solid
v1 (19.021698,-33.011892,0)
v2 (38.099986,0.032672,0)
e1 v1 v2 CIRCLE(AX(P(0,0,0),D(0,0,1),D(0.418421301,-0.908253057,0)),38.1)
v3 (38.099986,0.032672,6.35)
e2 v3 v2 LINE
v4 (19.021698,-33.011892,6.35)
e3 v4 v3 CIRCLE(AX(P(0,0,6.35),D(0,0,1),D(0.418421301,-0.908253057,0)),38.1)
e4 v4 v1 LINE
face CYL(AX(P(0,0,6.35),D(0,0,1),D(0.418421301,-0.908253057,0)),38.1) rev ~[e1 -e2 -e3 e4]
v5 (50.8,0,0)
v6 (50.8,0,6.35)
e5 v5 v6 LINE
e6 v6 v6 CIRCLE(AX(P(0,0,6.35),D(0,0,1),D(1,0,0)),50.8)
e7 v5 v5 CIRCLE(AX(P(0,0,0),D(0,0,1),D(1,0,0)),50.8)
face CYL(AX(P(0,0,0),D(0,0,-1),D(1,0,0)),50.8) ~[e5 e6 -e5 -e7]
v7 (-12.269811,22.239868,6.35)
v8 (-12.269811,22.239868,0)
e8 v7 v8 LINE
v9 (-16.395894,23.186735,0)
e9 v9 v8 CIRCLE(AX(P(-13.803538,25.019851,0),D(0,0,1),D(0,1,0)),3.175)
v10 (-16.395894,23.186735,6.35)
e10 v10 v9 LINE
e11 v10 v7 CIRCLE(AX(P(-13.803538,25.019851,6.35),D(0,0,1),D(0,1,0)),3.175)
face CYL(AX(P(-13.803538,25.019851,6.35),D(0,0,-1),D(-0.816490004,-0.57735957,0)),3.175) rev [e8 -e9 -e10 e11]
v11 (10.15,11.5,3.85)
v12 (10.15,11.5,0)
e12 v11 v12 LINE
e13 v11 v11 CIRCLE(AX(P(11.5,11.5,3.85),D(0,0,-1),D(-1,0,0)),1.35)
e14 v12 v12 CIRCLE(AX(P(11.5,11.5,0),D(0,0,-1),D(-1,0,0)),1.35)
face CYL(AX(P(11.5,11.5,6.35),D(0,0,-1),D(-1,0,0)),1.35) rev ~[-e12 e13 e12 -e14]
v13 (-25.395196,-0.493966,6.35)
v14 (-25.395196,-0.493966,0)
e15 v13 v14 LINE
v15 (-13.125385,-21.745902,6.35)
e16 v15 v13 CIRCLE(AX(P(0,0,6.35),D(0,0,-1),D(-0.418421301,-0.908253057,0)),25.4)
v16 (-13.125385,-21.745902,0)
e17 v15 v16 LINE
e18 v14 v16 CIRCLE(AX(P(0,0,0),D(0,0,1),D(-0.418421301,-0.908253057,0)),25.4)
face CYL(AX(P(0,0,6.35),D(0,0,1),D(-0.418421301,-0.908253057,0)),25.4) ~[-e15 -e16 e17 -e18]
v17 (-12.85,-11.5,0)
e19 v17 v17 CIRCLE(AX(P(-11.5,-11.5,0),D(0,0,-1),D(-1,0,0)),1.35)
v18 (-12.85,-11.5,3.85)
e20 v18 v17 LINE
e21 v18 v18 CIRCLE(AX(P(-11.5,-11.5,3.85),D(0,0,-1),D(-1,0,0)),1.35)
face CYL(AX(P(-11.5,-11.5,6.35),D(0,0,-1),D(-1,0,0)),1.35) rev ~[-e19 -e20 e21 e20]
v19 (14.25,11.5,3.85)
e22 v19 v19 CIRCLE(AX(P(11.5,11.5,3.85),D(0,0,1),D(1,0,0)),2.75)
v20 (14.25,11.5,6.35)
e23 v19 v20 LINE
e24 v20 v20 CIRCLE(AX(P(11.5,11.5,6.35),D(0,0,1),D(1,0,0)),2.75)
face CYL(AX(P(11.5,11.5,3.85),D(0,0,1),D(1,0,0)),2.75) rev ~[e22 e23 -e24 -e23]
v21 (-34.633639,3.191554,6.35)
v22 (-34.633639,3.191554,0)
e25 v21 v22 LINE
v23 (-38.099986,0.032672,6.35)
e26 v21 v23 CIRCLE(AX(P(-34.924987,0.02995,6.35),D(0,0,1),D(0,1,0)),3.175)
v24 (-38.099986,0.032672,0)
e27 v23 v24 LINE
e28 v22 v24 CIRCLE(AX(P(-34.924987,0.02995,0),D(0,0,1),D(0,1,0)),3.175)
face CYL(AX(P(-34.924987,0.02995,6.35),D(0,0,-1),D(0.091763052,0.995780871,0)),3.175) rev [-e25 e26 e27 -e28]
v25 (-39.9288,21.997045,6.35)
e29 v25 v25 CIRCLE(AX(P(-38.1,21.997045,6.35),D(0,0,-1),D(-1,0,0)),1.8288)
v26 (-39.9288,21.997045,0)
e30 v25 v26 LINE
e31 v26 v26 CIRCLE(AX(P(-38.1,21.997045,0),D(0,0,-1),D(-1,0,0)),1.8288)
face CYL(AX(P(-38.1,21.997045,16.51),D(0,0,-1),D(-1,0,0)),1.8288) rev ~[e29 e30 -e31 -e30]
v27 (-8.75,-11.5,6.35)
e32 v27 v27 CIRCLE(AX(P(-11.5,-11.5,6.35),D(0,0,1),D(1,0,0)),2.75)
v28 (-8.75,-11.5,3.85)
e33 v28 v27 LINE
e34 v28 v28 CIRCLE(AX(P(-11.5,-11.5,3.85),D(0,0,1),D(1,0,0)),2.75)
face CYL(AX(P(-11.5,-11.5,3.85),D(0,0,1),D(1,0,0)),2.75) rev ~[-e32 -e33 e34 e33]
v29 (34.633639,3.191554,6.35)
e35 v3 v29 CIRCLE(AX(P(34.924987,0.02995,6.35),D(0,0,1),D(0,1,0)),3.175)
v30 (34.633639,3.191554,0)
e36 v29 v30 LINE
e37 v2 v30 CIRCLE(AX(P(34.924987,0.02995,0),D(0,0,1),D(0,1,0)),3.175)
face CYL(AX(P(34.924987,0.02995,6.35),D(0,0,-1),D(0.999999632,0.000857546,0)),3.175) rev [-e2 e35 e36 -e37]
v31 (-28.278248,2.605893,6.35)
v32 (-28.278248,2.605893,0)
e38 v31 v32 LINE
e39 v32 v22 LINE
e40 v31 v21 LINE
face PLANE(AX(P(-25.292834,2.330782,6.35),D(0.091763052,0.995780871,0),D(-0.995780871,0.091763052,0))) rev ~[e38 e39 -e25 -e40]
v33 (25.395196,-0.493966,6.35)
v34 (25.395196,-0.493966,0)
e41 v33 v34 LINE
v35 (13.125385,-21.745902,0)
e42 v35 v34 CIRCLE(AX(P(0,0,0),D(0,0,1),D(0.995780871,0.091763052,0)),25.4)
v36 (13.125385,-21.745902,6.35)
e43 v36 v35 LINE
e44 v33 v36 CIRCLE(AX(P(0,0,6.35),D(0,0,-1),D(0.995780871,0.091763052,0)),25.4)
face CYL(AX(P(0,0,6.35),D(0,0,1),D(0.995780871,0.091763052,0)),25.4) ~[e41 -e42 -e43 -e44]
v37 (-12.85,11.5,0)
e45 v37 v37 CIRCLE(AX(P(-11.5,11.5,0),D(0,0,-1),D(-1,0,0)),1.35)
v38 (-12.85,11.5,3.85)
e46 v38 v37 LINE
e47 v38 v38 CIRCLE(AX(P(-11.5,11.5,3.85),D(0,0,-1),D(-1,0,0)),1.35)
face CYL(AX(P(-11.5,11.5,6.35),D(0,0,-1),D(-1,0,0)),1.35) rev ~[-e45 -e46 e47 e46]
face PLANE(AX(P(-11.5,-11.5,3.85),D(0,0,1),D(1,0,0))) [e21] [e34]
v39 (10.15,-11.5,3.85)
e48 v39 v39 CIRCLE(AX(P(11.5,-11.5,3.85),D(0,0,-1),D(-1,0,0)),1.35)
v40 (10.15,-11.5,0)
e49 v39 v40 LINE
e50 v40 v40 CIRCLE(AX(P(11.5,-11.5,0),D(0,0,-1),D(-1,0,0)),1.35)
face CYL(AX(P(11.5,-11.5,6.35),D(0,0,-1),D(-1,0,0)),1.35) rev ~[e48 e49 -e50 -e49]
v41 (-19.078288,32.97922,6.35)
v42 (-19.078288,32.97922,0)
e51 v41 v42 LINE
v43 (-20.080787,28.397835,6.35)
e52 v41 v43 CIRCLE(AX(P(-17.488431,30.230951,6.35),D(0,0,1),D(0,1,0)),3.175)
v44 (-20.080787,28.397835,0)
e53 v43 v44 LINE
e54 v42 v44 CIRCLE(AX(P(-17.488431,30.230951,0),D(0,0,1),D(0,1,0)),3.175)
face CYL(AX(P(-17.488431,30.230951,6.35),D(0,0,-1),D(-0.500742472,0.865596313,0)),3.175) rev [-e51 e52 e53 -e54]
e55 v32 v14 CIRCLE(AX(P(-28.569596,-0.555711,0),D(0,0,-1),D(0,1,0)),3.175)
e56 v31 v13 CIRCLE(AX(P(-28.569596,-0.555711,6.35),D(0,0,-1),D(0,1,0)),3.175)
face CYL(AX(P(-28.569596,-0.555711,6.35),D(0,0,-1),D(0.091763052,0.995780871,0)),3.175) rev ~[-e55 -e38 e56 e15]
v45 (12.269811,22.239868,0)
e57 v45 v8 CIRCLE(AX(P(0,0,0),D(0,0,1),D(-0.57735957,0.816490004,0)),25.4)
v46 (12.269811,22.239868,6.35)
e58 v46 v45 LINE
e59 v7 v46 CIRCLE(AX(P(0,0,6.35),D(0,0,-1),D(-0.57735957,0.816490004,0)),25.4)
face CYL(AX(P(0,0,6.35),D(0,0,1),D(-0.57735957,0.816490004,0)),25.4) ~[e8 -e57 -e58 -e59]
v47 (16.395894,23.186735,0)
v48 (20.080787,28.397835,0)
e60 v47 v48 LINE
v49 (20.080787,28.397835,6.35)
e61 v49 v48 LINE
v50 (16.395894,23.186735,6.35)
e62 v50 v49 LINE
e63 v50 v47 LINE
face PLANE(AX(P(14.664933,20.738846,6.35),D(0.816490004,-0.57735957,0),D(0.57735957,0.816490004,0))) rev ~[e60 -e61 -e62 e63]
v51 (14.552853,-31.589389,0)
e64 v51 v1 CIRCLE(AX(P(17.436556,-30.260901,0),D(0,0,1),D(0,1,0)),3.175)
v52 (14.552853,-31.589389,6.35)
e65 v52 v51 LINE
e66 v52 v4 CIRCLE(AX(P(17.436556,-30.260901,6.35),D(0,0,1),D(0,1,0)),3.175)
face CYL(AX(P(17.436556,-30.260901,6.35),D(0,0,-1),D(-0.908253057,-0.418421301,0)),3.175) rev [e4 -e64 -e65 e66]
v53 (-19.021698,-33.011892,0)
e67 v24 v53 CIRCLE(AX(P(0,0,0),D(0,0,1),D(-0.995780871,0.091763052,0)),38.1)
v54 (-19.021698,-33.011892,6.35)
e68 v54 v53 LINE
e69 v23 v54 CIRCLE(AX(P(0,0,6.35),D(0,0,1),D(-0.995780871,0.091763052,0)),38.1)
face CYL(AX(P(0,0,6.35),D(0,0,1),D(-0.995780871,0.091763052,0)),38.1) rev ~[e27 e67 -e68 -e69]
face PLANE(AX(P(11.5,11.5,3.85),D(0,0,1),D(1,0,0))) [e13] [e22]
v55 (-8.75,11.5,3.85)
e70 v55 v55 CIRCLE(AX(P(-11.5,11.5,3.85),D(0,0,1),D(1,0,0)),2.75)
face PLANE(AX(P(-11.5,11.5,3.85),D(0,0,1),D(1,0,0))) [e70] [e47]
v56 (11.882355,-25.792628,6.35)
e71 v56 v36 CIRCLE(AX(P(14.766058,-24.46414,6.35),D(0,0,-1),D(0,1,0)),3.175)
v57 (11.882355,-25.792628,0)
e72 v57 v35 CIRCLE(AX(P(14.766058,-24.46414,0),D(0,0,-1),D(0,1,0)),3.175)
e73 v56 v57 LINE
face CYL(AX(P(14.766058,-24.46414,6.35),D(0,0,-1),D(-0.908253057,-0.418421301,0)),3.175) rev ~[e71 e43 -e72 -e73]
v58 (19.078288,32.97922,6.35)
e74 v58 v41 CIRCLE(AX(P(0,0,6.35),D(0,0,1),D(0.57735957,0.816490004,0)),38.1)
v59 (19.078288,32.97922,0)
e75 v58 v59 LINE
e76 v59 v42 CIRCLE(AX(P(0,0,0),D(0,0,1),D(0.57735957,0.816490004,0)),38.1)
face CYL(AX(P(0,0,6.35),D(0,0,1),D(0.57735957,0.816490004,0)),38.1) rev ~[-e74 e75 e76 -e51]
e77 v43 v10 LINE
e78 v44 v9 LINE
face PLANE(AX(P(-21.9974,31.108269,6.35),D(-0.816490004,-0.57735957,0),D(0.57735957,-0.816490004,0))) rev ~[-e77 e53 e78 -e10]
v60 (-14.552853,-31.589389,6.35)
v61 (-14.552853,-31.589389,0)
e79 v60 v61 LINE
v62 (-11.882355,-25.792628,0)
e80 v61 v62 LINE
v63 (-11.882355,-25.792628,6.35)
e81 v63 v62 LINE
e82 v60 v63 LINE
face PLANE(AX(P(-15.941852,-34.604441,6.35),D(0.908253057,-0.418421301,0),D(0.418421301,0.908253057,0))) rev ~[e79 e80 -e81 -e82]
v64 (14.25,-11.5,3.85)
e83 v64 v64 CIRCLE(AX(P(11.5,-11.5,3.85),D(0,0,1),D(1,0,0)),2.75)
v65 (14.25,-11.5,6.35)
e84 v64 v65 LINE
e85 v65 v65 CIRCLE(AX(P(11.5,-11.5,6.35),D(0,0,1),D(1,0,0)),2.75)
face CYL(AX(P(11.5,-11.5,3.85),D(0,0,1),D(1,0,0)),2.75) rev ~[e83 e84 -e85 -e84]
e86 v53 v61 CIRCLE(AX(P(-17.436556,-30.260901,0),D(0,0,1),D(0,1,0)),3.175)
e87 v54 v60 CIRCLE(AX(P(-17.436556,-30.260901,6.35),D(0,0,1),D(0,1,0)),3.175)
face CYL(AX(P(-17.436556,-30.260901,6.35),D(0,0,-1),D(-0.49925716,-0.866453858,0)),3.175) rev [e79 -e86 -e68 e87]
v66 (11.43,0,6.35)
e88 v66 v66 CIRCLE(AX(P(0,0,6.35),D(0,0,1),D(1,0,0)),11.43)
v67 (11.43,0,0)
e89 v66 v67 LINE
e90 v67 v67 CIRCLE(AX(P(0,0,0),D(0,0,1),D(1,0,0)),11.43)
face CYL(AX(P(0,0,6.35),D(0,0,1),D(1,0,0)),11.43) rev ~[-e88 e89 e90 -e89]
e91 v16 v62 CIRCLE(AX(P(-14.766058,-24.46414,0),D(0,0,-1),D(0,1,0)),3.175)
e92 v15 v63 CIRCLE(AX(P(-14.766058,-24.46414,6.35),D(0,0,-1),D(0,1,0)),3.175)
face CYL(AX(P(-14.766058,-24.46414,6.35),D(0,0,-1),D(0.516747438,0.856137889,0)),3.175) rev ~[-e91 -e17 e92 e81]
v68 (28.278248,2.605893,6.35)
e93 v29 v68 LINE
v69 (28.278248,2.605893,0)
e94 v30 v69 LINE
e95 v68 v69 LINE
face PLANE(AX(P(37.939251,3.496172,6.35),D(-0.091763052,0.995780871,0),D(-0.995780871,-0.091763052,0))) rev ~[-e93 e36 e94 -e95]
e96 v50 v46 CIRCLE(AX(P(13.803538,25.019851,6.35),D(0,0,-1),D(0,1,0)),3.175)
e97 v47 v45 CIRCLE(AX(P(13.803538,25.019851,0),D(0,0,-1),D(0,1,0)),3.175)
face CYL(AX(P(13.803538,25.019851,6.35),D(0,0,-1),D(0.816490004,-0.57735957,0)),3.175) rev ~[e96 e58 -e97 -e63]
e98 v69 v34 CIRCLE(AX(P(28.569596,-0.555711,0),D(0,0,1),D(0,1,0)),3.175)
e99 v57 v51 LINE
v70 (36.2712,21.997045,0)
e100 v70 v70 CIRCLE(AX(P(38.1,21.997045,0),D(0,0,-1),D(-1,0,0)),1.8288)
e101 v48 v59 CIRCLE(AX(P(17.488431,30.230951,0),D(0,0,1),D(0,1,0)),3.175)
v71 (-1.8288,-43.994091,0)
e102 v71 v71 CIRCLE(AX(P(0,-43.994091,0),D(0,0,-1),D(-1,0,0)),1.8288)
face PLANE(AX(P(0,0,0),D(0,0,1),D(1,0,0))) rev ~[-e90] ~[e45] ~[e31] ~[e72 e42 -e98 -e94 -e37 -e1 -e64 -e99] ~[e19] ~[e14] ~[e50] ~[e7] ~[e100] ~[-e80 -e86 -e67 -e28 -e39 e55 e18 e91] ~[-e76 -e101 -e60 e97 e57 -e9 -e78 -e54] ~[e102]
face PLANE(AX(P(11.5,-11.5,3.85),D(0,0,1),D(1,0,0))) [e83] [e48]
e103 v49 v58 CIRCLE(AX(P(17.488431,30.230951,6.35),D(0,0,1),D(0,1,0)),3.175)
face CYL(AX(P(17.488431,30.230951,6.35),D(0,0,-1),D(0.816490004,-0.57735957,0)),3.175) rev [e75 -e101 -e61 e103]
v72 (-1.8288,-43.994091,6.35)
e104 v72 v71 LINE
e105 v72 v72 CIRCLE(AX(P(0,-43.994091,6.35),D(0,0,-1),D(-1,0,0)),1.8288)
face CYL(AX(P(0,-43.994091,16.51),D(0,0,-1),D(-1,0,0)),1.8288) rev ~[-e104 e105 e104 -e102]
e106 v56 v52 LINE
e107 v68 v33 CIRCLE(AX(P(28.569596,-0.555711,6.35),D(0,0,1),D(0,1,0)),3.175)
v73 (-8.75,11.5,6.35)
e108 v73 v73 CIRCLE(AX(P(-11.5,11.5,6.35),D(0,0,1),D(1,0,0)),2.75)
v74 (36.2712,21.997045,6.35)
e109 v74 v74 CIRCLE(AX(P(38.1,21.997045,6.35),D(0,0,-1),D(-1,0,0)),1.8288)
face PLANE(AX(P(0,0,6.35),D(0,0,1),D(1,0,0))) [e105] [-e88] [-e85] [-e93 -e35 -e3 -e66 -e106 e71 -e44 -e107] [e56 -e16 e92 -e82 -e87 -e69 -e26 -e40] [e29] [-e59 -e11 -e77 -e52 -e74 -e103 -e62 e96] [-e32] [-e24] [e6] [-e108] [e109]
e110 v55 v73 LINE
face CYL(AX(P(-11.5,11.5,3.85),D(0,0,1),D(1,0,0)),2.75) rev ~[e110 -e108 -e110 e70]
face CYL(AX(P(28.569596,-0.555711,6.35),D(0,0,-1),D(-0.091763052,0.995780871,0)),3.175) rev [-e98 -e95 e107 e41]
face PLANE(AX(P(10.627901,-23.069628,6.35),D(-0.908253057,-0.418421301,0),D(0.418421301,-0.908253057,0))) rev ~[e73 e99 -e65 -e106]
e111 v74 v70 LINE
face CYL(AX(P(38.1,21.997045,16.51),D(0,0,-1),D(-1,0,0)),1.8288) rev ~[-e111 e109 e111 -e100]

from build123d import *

# Parameters (mm, degrees)
SKETCH1_R                        = 50.8
BOSS_EXTRUDE1_DEPTH              = 6.35
SKETCH2_R                        = 11.43
CUT_EXTRUDE1_DEPTH               = 7.35
CBORE_FOR_M2_5_SHCS1_D           = 2.7
CBORE_FOR_M2_5_SHCS1_DEPTH       = 10.16
CBORE_FOR_M2_5_SHCS1_CBORE_D     = 5.5
CBORE_FOR_M2_5_SHCS1_CBORE_DEPTH = 2.5
CBORE_FOR_M2_5_SHCS1_TIP         = 0.811161836
F_6_CLEARANCE_HOLE1_D            = 3.6576
F_6_CLEARANCE_HOLE1_DEPTH        = 10.16
F_6_CLEARANCE_HOLE1_TIP          = 1.0988539
CUT_EXTRUDE2_DEPTH               = 7.35
FILLET2_R                        = 3.175
CIRPATTERN1_COUNT                = 3
FILLET2_OF_CIRPATTERN1_R         = 3.175


with BuildPart() as part:
    # Sketch1 → Boss-Extrude1 (new body)
    with BuildSketch(Plane.XY):
        Circle(SKETCH1_R)
    extrude(amount=BOSS_EXTRUDE1_DEPTH)

    # Sketch2 → Cut-Extrude1 (cut, through all)
    with BuildSketch(Plane.XY.offset(6.35)):
        Circle(SKETCH2_R)
    extrude(amount=-CUT_EXTRUDE1_DEPTH, mode=Mode.SUBTRACT)

    # CBORE for M2.5 SHCS1
    with Locations(Plane.XY.offset(6.35)):
        with Locations((0, 0), (11.5, 11.5), (-11.5, -11.5), (-11.5, 11.5), (11.5, -11.5)):
            CounterBoreHole(CBORE_FOR_M2_5_SHCS1_D / 2, CBORE_FOR_M2_5_SHCS1_CBORE_D / 2, CBORE_FOR_M2_5_SHCS1_CBORE_DEPTH, depth=CBORE_FOR_M2_5_SHCS1_DEPTH)
            with Locations((0, 0, -(CBORE_FOR_M2_5_SHCS1_DEPTH + CBORE_FOR_M2_5_SHCS1_TIP / 2))):  # 118° drill point
                Cone(0, CBORE_FOR_M2_5_SHCS1_D / 2, CBORE_FOR_M2_5_SHCS1_TIP, mode=Mode.SUBTRACT)

    # #6 Clearance Hole1
    with Locations(Plane.XY.offset(6.35)):
        with Locations((-38.1, 21.997045256), (0, -43.994090512), (38.1, 21.997045256)):
            Hole(F_6_CLEARANCE_HOLE1_D / 2, depth=F_6_CLEARANCE_HOLE1_DEPTH)
            with Locations((0, 0, -(F_6_CLEARANCE_HOLE1_DEPTH + F_6_CLEARANCE_HOLE1_TIP / 2))):  # 118° drill point
                Cone(0, F_6_CLEARANCE_HOLE1_D / 2, F_6_CLEARANCE_HOLE1_TIP, mode=Mode.SUBTRACT)

    # Sketch10 → Cut-Extrude2 (cut, through all)
    with BuildSketch(Plane.XY.offset(6.35)):
        with BuildLine():
            Line((14.664933069, 20.738846113), (21.997399604, 31.108269169))
            ThreePointArc((21.997399604, 31.108269169), (0, 38.1), (-21.997399604, 31.108269169))
            Line((-21.997399604, 31.108269169), (-14.664933069, 20.738846113))
            ThreePointArc((-14.664933069, 20.738846113), (0, 25.4), (14.664933069, 20.738846113))
        make_face()
    cut_extrude2 = extrude(amount=-CUT_EXTRUDE2_DEPTH, mode=Mode.SUBTRACT)

    # Fillet2
    fillet2_edges = [part.edges().sort_by_distance(p)[0] for p in [
        (-21.997399604, 31.108269169, 3.175),
        (21.997399604, 31.108269169, 3.175),
        (14.664933069, 20.738846113, 3.175),
        (-14.664933069, 20.738846113, 3.175),
    ]]
    fillet(fillet2_edges, radius=FILLET2_R)

    # CirPattern1: Cut-Extrude2 ×3 about axis
    cirpattern1_axis = Axis((0, 0, 0), (0, 0, 1))
    for i in range(1, CIRPATTERN1_COUNT):
        add(cut_extrude2.rotate(cirpattern1_axis, i * 360 / CIRPATTERN1_COUNT), mode=Mode.SUBTRACT)

    # Fillet2 of CirPattern1
    fillet2_of_cirpattern1_edges = [part.edges().sort_by_distance(p)[0] for p in [
        (-15.941851566, -34.604441458, 3.175),
        (-37.93925117, 3.49617229, 3.175),
        (-25.292834113, 2.330781526, 3.175),
        (-10.627901044, -23.069627639, 3.175),
        (37.93925117, 3.49617229, 3.175),
        (15.941851566, -34.604441458, 3.175),
        (10.627901044, -23.069627639, 3.175),
        (25.292834113, 2.330781526, 3.175),
    ]]
    fillet(fillet2_of_cirpattern1_edges, radius=FILLET2_OF_CIRPATTERN1_R)


solid = part.part
